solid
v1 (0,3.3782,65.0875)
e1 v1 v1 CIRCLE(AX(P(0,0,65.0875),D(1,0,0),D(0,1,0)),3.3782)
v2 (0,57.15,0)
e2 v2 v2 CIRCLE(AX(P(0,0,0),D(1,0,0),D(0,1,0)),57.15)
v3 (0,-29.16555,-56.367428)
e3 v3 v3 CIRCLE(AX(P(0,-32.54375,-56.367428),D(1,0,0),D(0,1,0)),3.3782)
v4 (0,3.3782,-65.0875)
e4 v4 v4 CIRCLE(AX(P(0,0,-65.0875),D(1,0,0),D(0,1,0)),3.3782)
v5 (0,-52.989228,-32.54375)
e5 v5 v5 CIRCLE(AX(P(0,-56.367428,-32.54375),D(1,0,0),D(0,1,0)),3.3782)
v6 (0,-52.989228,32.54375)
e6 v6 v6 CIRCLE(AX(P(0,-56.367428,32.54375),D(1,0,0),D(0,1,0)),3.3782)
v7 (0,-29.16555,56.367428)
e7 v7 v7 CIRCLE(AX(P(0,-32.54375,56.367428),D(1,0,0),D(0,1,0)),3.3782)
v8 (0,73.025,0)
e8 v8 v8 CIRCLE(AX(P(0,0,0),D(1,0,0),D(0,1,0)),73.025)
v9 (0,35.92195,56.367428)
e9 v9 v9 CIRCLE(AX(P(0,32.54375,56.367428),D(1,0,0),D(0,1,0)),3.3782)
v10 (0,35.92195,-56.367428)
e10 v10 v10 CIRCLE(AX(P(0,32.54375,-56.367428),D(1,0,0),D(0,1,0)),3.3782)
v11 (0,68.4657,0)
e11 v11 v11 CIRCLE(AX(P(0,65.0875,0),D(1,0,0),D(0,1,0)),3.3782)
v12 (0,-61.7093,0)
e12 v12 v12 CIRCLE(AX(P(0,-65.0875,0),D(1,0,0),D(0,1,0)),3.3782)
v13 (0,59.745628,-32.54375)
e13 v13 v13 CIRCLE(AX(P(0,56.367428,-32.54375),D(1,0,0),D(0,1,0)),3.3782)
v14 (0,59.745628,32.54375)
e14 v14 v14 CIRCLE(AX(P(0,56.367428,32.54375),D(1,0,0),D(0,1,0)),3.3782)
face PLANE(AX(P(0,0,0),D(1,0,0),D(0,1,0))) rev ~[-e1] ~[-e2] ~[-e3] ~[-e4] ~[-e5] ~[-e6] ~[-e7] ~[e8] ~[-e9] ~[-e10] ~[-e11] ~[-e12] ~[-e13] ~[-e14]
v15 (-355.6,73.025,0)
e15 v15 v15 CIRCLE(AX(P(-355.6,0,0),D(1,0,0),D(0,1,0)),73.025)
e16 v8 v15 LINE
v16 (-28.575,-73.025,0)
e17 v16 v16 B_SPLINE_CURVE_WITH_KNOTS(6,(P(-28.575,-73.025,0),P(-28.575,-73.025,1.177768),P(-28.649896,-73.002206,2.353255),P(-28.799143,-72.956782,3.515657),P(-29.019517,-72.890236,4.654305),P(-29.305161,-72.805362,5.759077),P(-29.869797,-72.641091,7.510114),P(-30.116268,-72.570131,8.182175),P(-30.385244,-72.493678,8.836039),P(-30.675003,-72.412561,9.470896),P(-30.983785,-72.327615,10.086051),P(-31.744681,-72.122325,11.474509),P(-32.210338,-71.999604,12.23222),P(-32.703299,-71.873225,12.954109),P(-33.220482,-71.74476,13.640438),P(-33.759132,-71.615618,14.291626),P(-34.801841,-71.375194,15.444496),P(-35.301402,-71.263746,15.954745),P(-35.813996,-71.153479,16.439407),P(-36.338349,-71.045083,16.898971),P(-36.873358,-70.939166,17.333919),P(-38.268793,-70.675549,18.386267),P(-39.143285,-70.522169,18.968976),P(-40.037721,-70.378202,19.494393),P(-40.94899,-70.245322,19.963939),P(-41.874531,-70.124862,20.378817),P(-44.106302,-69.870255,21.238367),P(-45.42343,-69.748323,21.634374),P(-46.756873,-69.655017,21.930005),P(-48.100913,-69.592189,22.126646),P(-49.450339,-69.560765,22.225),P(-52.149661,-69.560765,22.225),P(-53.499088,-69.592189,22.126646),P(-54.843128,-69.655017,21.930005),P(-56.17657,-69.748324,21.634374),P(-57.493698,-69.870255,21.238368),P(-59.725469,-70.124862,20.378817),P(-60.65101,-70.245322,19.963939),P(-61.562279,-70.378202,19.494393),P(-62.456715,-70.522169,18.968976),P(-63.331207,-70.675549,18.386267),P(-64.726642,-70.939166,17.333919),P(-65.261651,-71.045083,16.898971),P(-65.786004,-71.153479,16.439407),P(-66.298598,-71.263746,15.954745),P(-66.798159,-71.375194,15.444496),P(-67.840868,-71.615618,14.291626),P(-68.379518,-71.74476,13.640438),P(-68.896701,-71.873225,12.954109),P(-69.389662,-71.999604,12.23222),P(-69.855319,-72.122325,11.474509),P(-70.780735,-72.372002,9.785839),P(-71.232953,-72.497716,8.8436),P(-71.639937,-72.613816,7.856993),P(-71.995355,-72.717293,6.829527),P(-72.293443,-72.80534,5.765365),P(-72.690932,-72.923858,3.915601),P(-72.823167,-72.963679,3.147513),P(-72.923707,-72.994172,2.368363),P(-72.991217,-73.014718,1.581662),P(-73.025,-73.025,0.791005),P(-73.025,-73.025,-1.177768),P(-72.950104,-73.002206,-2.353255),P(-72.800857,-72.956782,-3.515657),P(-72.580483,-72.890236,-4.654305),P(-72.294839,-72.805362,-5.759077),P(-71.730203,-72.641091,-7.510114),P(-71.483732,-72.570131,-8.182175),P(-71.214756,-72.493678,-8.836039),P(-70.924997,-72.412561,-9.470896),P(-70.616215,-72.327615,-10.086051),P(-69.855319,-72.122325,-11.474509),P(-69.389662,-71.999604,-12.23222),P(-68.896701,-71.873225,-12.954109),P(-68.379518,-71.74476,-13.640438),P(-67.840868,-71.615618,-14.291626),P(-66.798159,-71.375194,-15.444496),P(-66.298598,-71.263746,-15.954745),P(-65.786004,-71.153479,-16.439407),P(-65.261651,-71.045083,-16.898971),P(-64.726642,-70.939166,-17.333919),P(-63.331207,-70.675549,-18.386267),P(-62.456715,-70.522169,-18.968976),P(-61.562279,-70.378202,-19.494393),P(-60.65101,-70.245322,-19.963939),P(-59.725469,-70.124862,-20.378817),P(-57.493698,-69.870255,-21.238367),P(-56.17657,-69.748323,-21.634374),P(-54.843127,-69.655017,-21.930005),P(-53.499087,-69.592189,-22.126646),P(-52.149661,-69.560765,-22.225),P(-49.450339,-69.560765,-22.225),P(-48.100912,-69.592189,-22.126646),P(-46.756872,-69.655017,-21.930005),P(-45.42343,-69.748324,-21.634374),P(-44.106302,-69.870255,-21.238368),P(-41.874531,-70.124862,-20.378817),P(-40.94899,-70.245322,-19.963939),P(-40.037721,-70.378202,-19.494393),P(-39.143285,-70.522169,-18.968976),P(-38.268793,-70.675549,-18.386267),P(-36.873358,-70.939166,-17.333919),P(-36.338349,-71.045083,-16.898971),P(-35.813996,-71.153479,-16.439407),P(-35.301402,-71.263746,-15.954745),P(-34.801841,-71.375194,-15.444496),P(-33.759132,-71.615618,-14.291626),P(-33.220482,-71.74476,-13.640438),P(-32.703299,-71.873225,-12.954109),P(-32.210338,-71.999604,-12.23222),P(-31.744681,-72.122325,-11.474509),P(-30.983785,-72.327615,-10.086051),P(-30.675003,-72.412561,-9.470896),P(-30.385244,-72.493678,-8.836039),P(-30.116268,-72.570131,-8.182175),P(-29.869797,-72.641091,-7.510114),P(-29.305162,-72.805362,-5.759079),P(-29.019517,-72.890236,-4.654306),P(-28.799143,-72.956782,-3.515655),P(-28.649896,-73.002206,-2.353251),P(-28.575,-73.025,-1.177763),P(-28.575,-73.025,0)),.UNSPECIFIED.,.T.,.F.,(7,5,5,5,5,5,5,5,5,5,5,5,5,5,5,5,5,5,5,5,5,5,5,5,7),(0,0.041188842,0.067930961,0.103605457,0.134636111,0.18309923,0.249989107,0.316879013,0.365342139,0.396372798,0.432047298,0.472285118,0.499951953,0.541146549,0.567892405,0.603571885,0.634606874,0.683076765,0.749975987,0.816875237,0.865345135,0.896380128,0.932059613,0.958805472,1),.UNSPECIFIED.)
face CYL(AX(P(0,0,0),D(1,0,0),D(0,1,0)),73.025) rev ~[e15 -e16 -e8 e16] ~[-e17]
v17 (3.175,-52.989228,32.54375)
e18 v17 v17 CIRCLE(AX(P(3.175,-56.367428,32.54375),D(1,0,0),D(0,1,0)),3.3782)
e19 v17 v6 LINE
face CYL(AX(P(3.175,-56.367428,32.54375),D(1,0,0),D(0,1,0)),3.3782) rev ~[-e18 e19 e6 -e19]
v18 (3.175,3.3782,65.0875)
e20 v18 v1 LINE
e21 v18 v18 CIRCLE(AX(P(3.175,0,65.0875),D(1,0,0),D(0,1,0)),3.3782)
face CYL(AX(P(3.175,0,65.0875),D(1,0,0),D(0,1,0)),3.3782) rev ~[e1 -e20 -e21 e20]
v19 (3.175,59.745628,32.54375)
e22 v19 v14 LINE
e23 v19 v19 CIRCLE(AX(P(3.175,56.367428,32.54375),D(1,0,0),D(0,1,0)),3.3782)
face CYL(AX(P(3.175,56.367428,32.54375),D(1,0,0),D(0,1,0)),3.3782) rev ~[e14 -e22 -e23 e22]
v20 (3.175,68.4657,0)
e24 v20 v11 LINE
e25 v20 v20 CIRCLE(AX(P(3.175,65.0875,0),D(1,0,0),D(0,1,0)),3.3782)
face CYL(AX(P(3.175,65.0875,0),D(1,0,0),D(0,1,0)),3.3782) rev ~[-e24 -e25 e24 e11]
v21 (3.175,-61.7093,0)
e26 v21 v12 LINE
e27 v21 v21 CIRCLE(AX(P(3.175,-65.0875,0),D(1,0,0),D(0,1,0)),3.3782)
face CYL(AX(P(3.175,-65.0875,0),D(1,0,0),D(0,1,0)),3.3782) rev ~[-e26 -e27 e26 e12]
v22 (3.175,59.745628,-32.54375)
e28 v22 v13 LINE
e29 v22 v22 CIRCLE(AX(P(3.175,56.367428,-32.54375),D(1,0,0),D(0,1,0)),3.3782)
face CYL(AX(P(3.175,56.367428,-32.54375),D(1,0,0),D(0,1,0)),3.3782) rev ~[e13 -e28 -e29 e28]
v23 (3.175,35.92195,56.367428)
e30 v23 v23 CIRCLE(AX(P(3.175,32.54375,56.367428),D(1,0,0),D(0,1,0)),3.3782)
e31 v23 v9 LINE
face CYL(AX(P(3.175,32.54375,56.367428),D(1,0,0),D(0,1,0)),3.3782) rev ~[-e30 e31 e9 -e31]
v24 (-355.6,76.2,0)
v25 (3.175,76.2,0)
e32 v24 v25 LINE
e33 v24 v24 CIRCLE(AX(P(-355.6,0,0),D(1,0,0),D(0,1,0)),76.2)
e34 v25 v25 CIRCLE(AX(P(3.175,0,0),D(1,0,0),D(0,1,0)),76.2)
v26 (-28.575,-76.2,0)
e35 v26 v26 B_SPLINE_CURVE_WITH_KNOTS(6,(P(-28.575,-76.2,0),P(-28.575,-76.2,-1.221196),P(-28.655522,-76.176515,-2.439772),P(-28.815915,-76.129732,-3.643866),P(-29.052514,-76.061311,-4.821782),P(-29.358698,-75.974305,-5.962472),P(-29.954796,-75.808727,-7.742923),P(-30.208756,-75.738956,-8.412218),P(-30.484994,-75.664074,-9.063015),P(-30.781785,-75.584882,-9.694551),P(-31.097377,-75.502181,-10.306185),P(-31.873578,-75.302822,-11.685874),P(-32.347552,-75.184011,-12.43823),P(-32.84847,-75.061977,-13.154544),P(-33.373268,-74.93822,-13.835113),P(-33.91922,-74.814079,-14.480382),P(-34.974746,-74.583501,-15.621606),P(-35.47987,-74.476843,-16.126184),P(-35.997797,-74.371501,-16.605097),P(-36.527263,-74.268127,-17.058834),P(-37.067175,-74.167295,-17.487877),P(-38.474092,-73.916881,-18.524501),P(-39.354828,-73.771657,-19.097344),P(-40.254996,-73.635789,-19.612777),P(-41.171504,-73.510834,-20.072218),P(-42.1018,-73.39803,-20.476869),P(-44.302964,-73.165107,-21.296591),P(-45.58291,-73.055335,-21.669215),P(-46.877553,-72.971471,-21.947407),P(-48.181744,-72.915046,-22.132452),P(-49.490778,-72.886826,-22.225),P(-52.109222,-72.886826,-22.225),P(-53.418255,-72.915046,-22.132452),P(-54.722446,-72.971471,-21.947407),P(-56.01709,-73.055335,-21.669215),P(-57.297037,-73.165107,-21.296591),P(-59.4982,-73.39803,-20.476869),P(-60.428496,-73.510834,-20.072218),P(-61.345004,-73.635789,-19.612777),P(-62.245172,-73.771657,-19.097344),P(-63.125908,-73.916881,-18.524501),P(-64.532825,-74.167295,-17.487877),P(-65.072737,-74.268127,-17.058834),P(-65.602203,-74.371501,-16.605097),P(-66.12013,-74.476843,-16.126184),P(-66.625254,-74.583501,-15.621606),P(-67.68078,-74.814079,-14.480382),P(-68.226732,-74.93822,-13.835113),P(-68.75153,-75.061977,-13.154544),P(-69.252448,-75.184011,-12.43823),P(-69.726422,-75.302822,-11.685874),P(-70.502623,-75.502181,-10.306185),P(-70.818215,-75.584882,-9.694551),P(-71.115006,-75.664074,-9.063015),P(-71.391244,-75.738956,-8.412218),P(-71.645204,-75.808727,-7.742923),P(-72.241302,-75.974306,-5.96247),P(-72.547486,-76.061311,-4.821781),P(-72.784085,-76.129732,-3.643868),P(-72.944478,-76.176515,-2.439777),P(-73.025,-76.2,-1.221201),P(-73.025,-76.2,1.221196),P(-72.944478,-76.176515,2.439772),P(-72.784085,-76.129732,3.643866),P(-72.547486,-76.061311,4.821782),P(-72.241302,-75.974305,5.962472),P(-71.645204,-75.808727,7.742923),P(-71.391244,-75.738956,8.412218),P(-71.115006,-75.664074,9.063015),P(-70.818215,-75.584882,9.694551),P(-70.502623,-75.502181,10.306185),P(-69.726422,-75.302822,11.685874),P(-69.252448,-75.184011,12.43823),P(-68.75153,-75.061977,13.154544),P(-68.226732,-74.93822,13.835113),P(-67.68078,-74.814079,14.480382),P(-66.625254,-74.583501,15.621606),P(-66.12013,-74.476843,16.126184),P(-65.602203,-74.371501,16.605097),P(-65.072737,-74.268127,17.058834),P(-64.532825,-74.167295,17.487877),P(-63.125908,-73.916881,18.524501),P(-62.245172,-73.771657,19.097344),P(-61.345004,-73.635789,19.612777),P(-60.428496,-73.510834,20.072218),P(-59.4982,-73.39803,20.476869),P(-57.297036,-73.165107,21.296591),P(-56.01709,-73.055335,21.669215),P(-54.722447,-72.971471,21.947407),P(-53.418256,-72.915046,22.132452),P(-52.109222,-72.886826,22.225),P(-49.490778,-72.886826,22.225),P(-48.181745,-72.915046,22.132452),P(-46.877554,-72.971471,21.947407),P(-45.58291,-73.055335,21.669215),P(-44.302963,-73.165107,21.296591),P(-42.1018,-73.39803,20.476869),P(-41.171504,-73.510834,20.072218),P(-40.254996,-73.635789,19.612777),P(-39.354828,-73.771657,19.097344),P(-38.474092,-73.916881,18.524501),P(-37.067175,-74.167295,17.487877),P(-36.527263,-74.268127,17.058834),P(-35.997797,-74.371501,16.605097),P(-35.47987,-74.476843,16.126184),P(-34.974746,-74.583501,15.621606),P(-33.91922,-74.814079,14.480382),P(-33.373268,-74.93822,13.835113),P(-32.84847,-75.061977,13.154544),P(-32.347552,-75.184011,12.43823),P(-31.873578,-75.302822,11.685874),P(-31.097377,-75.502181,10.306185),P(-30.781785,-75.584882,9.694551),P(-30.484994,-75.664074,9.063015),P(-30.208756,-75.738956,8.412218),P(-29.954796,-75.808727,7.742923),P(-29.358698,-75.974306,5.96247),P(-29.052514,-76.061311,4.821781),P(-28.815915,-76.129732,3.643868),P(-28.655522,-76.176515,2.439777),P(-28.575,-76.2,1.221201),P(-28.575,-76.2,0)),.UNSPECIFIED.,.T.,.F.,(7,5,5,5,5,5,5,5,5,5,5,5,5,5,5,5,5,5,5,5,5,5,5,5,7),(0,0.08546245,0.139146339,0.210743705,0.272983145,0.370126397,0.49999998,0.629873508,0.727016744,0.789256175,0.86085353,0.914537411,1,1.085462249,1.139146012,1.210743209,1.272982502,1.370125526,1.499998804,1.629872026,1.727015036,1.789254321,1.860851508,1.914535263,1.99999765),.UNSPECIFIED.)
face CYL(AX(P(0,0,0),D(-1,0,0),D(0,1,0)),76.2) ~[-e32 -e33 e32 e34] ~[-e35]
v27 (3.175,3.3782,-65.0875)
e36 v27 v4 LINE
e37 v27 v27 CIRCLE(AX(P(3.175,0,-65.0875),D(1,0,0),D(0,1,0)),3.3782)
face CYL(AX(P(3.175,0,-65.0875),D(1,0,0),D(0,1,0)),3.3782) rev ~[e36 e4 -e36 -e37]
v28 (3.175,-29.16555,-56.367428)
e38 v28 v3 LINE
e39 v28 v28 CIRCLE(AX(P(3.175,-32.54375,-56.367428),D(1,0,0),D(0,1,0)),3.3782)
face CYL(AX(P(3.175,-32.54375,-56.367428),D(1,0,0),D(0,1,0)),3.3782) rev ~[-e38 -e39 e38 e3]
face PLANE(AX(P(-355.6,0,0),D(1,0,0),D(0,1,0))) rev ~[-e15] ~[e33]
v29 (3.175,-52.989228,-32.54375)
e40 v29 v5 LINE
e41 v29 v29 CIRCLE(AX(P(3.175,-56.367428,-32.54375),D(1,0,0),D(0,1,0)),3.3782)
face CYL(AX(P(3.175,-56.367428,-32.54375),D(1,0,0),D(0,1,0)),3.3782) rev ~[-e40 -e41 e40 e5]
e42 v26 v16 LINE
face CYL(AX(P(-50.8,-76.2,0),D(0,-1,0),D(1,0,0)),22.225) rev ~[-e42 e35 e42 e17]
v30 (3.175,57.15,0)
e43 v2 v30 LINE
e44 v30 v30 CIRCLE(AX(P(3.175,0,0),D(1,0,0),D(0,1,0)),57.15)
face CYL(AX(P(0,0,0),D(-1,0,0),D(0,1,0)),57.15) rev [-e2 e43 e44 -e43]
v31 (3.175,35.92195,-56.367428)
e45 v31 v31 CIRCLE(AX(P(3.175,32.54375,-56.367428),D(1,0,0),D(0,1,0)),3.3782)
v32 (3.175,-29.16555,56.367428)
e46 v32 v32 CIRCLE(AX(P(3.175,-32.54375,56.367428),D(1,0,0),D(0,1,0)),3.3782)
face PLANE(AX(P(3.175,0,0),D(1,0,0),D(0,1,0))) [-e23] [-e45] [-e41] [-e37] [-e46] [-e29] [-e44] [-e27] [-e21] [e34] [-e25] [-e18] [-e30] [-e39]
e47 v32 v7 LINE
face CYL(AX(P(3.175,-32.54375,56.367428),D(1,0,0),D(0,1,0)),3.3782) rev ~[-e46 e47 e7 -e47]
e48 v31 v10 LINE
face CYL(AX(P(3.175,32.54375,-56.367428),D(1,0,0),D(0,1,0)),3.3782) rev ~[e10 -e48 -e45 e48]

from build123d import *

# Parameters (mm, degrees)
F0_R     = 76.2
F0_R_2   = 73.025
F1_DEPTH = 355.6
F2_R     = 76.2
F2_R_2   = 57.15
F3_DEPTH = 3.175
F4_R     = 3.3782
F5_DEPTH = 358.776
F7_R     = 22.225
F8_DEPTH = 7.6392352968


with BuildPart() as f1:
    # F0 (on Right) → F1 (new body)
    with BuildSketch(Plane.YZ):
        Circle(F0_R)
        Circle(F0_R_2, mode=Mode.SUBTRACT)
    extrude(amount=-F1_DEPTH)

    # F2 (on Right) → F3 (join)
    with BuildSketch(Plane.YZ):
        Circle(F2_R)
        Circle(F2_R_2, mode=Mode.SUBTRACT)
    extrude(amount=F3_DEPTH)

    # F4 (on face) → F5 (cut, through all)
    with BuildSketch(Plane.YZ.offset(3.175)):
        with Locations((0, 65.0875)):
            Circle(F4_R)
        with Locations((32.54375, 56.3674284688)):
            Circle(F4_R)
        with Locations((56.3674284688, 32.54375)):
            Circle(F4_R)
        with Locations((65.0875, 0)):
            Circle(F4_R)
        with Locations((56.3674284688, -32.54375)):
            Circle(F4_R)
        with Locations((32.54375, -56.3674284688)):
            Circle(F4_R)
        with Locations((0, -65.0875)):
            Circle(F4_R)
        with Locations((-32.54375, -56.3674284688)):
            Circle(F4_R)
        with Locations((-56.3674284688, -32.54375)):
            Circle(F4_R)
        with Locations((-65.0875, 0)):
            Circle(F4_R)
        with Locations((-56.3674284688, 32.54375)):
            Circle(F4_R)
        with Locations((-32.54375, 56.3674284688)):
            Circle(F4_R)
    extrude(amount=-F5_DEPTH, mode=Mode.SUBTRACT)

    # F7 (on offset) → F8 (cut, up to face)
    with BuildSketch(Plane.XZ.offset(76.2)):
        with Locations((-50.8, 0)):
            Circle(F7_R)
    extrude(amount=-F8_DEPTH, mode=Mode.SUBTRACT)


solid = f1.part
